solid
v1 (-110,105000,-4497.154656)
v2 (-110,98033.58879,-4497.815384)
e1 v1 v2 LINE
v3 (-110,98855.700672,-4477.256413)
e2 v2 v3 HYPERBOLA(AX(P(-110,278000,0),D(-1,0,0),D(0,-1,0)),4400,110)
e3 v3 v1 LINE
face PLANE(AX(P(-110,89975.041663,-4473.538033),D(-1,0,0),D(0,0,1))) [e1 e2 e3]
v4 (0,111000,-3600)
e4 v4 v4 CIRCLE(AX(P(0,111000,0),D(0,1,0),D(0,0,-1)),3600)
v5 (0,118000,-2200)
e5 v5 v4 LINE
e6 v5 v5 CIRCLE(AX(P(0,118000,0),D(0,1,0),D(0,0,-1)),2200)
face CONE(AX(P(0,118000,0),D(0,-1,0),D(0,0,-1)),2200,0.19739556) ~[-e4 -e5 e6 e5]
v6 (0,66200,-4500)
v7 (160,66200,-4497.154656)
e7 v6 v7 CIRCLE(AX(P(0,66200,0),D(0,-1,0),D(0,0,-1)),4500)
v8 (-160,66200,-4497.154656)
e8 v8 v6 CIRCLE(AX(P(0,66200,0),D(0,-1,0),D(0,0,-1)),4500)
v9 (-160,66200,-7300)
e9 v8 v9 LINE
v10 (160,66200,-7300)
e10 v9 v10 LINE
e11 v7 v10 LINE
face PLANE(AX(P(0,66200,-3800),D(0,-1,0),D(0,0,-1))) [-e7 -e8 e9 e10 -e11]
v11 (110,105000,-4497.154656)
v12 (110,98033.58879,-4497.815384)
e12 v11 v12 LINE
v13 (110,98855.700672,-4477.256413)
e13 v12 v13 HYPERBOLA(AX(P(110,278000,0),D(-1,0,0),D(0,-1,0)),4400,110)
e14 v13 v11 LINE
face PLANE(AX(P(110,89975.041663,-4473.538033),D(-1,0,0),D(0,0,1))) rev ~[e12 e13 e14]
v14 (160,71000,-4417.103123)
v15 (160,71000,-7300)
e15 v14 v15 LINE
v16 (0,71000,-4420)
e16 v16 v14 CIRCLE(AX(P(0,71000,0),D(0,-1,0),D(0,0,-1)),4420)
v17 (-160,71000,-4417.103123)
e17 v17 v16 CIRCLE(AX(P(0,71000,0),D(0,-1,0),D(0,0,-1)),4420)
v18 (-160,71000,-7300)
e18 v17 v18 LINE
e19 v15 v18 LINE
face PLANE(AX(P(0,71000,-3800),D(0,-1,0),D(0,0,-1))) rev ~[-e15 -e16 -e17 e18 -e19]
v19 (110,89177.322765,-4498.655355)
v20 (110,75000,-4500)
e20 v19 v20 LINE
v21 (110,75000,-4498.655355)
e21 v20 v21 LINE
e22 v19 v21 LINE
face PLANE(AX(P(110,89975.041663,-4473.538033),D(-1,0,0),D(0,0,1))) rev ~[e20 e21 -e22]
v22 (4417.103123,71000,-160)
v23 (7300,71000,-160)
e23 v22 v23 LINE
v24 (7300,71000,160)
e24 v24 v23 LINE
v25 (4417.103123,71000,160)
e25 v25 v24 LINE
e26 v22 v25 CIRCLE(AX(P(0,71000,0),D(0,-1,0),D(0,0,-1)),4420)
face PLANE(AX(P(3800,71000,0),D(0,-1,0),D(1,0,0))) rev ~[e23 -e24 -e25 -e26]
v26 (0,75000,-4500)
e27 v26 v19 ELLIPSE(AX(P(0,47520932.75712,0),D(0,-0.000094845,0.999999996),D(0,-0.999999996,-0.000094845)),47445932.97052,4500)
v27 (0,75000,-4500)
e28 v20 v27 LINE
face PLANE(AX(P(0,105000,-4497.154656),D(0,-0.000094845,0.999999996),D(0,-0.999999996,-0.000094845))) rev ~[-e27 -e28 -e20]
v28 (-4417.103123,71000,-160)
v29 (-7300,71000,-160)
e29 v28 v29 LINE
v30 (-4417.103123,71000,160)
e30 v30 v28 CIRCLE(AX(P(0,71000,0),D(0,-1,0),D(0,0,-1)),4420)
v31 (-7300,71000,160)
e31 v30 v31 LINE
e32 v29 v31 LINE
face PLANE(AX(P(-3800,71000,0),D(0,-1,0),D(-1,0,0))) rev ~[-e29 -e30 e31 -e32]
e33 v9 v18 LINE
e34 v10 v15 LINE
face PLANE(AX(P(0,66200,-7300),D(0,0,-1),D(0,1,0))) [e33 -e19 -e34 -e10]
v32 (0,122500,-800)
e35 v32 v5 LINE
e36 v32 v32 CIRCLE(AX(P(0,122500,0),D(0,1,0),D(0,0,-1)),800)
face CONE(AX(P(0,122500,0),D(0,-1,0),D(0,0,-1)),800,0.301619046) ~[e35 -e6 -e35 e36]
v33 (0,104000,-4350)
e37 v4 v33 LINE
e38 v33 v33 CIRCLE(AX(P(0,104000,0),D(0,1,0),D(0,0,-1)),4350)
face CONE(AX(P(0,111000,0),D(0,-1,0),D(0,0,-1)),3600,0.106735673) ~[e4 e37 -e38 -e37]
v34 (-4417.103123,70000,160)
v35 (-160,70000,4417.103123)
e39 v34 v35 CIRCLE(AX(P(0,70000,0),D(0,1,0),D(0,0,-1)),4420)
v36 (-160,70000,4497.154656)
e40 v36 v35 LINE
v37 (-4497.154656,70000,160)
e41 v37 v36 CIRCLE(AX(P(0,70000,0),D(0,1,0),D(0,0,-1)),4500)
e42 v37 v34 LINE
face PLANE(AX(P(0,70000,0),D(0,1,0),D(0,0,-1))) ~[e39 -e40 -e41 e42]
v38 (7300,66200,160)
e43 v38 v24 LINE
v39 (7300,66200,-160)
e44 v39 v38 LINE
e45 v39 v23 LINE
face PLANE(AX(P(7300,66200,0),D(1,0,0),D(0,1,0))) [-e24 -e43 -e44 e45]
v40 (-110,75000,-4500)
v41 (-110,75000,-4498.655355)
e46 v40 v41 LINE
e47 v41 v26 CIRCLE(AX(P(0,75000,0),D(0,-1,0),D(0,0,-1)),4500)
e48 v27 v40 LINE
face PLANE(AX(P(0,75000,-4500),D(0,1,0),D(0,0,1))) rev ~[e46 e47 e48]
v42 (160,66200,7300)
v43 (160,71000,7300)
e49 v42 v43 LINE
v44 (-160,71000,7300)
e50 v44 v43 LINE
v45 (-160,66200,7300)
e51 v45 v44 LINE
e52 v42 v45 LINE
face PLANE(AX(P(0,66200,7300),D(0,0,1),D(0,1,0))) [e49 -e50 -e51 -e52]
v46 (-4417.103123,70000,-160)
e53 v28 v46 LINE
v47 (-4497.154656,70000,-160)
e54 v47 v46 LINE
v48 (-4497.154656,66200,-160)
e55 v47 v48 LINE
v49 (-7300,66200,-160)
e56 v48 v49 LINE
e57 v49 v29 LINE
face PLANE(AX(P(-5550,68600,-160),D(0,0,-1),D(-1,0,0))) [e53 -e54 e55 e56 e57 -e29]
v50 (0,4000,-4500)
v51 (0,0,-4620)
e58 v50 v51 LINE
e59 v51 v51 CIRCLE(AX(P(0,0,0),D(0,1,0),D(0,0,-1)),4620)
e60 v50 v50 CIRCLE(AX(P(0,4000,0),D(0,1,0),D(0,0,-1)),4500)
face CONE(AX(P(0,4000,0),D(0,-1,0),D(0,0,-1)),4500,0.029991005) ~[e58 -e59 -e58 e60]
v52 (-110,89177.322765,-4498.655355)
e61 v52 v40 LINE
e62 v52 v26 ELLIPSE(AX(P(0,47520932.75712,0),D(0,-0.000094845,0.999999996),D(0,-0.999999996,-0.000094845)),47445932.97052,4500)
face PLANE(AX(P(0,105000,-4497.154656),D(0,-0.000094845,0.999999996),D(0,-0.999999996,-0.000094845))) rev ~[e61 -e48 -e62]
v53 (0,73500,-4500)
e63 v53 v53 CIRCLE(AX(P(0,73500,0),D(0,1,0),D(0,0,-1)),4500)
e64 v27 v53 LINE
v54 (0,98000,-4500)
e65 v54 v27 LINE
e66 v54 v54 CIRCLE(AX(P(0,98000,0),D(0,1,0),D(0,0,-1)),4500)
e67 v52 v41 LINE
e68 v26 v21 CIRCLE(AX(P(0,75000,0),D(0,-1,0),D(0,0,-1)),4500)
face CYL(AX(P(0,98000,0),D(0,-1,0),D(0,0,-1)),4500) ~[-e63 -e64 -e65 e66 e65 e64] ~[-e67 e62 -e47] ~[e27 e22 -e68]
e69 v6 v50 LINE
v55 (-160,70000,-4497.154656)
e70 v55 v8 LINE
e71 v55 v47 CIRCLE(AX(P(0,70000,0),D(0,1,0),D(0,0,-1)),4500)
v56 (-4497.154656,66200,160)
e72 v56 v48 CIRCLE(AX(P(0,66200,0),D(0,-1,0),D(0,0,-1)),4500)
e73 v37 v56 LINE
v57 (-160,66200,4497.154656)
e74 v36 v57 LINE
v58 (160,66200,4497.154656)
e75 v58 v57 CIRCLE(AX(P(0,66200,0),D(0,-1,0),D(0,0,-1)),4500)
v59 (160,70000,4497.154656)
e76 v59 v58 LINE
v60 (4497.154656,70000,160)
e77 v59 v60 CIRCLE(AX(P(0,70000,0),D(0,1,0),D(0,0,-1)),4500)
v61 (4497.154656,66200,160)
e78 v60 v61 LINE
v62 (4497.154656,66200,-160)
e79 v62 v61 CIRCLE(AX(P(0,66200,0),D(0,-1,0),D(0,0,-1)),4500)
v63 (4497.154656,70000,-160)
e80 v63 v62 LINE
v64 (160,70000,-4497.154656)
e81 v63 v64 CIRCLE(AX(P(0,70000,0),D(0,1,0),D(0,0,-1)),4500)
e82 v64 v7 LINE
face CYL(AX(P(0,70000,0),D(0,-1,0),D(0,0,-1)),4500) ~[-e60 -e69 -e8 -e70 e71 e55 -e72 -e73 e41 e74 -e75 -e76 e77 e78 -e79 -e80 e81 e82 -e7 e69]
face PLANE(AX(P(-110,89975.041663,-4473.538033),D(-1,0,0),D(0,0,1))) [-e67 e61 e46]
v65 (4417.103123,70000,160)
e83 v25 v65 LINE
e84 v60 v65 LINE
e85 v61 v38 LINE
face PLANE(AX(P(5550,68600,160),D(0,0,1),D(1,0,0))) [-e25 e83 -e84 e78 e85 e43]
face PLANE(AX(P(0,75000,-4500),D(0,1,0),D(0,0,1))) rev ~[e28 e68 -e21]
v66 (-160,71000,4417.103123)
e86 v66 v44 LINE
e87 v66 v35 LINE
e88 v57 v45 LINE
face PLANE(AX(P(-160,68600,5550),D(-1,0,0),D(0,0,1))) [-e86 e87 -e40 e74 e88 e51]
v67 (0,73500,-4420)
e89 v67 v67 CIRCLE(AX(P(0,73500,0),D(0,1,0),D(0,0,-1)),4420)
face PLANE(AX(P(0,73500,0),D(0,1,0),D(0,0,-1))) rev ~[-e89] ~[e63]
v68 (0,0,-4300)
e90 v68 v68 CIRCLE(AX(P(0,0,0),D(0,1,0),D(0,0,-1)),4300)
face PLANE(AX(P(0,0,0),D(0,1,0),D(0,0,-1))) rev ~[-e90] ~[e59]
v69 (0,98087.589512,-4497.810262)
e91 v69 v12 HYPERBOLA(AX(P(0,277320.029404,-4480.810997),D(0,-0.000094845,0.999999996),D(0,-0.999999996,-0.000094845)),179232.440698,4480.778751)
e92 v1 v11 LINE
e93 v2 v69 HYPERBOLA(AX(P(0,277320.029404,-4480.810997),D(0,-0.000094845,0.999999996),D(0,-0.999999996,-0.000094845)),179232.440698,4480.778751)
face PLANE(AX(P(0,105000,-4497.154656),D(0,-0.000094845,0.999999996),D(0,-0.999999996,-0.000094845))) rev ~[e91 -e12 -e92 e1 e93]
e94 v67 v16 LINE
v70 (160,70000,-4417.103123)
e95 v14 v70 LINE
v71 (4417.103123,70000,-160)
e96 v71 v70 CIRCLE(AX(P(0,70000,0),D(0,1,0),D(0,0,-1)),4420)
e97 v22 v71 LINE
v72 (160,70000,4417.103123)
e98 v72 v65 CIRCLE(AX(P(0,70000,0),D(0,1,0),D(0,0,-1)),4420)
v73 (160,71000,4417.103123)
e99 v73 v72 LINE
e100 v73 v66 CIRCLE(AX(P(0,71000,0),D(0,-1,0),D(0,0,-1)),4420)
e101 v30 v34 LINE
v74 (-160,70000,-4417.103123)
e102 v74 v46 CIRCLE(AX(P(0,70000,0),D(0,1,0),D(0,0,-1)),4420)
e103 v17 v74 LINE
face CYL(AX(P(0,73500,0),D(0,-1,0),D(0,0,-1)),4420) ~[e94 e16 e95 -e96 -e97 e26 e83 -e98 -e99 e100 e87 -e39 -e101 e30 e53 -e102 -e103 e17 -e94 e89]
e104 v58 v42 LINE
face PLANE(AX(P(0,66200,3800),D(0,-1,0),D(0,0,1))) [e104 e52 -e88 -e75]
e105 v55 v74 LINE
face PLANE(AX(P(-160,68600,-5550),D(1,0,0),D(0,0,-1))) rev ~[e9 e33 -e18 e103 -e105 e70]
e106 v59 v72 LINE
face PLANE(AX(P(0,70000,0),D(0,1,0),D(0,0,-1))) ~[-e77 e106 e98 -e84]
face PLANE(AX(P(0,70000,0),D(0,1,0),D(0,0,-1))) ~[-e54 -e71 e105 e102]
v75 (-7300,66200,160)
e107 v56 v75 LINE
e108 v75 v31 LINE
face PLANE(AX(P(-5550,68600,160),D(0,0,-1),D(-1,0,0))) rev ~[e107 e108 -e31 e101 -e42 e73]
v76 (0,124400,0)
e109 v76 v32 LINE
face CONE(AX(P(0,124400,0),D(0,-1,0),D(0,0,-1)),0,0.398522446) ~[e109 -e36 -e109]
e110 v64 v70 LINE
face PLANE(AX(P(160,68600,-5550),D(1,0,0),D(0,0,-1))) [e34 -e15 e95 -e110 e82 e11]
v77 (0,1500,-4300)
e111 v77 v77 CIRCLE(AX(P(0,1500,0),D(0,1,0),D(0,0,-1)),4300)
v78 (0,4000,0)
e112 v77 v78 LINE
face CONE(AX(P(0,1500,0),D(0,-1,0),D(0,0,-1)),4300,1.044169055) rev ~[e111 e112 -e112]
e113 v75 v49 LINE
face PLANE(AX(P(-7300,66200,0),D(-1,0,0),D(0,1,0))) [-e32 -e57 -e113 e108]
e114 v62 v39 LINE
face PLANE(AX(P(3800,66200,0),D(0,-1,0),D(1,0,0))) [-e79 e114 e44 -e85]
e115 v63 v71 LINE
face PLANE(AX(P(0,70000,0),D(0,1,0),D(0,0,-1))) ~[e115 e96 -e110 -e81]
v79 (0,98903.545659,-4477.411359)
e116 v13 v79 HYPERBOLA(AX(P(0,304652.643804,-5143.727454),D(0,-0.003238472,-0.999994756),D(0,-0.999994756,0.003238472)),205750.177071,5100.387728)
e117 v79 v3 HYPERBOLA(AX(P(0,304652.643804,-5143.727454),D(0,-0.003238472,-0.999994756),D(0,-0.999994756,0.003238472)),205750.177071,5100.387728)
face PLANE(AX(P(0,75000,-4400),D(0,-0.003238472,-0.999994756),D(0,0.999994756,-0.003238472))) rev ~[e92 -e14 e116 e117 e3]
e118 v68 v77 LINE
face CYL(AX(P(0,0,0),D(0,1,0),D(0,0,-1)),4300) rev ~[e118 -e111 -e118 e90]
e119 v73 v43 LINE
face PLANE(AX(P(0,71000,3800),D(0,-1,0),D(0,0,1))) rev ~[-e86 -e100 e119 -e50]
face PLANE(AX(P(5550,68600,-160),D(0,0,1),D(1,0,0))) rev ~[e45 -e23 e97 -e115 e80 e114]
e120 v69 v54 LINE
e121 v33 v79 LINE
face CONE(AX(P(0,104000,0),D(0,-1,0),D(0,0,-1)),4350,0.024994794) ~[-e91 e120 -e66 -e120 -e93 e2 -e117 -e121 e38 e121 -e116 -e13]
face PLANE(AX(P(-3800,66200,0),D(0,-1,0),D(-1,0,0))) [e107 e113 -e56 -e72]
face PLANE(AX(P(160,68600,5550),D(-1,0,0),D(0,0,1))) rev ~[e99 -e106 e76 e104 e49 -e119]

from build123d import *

# Parameters (mm, degrees)
SKETCH4_W           = 3500
SKETCH4_H           = 4800
BOSS_EXTRUDE1_DEPTH = 160
CIRPATTERN1_COUNT   = 4
BOSS_EXTRUDE4_DEPTH = 110


with BuildPart() as part:
    # Sketch1 → Revolve1 (revolve)
    with BuildSketch(Plane.XY, mode=Mode.PRIVATE) as revolve1_sk:
        Polygon((0, 124400), (800, 122500), (2200, 118000), (3600, 111000), (4350, 104000), (4500, 98000), (4500, 73500), (4420, 73500), (4420, 70000), (4500, 70000), (4500, 4000), (4620, 0), (4300, 0), (4300, 1500), (0, 4000), align=None)
    revolve(revolve1_sk.sketch.rotate(Axis((0, 0, 0), (0, 1, 0)), 90), axis=Axis((0, 0, 0), (0, 1, 0)))

    # Sketch4 → Boss-Extrude1 (add, symmetric)
    with BuildSketch(Plane.XY):
        with Locations((5550, 68600)):
            Rectangle(SKETCH4_W, SKETCH4_H)
    boss_extrude1 = extrude(amount=BOSS_EXTRUDE1_DEPTH, both=True)

    # CirPattern1: Boss-Extrude1 ×4 about axis
    cirpattern1_axis = Axis((0, 0, 0), (0, 1, 0))
    for i in range(1, CIRPATTERN1_COUNT):
        add(boss_extrude1.rotate(cirpattern1_axis, i * 360 / CIRPATTERN1_COUNT))

    # Sketch6 → Boss-Extrude4 (add, symmetric)
    with BuildSketch(Plane(origin=(0, 0, 0), x_dir=(0, 0, -1), z_dir=(1, 0, 0))):
        Polygon((4497.154656002, 70000), (4497.154656002, 0), (4400, 2000), align=None)
        Polygon((4497.154656002, 105000), (4500, 75000), (4400, 75000), align=None)
    extrude(amount=BOSS_EXTRUDE4_DEPTH, both=True)


solid = part.part
